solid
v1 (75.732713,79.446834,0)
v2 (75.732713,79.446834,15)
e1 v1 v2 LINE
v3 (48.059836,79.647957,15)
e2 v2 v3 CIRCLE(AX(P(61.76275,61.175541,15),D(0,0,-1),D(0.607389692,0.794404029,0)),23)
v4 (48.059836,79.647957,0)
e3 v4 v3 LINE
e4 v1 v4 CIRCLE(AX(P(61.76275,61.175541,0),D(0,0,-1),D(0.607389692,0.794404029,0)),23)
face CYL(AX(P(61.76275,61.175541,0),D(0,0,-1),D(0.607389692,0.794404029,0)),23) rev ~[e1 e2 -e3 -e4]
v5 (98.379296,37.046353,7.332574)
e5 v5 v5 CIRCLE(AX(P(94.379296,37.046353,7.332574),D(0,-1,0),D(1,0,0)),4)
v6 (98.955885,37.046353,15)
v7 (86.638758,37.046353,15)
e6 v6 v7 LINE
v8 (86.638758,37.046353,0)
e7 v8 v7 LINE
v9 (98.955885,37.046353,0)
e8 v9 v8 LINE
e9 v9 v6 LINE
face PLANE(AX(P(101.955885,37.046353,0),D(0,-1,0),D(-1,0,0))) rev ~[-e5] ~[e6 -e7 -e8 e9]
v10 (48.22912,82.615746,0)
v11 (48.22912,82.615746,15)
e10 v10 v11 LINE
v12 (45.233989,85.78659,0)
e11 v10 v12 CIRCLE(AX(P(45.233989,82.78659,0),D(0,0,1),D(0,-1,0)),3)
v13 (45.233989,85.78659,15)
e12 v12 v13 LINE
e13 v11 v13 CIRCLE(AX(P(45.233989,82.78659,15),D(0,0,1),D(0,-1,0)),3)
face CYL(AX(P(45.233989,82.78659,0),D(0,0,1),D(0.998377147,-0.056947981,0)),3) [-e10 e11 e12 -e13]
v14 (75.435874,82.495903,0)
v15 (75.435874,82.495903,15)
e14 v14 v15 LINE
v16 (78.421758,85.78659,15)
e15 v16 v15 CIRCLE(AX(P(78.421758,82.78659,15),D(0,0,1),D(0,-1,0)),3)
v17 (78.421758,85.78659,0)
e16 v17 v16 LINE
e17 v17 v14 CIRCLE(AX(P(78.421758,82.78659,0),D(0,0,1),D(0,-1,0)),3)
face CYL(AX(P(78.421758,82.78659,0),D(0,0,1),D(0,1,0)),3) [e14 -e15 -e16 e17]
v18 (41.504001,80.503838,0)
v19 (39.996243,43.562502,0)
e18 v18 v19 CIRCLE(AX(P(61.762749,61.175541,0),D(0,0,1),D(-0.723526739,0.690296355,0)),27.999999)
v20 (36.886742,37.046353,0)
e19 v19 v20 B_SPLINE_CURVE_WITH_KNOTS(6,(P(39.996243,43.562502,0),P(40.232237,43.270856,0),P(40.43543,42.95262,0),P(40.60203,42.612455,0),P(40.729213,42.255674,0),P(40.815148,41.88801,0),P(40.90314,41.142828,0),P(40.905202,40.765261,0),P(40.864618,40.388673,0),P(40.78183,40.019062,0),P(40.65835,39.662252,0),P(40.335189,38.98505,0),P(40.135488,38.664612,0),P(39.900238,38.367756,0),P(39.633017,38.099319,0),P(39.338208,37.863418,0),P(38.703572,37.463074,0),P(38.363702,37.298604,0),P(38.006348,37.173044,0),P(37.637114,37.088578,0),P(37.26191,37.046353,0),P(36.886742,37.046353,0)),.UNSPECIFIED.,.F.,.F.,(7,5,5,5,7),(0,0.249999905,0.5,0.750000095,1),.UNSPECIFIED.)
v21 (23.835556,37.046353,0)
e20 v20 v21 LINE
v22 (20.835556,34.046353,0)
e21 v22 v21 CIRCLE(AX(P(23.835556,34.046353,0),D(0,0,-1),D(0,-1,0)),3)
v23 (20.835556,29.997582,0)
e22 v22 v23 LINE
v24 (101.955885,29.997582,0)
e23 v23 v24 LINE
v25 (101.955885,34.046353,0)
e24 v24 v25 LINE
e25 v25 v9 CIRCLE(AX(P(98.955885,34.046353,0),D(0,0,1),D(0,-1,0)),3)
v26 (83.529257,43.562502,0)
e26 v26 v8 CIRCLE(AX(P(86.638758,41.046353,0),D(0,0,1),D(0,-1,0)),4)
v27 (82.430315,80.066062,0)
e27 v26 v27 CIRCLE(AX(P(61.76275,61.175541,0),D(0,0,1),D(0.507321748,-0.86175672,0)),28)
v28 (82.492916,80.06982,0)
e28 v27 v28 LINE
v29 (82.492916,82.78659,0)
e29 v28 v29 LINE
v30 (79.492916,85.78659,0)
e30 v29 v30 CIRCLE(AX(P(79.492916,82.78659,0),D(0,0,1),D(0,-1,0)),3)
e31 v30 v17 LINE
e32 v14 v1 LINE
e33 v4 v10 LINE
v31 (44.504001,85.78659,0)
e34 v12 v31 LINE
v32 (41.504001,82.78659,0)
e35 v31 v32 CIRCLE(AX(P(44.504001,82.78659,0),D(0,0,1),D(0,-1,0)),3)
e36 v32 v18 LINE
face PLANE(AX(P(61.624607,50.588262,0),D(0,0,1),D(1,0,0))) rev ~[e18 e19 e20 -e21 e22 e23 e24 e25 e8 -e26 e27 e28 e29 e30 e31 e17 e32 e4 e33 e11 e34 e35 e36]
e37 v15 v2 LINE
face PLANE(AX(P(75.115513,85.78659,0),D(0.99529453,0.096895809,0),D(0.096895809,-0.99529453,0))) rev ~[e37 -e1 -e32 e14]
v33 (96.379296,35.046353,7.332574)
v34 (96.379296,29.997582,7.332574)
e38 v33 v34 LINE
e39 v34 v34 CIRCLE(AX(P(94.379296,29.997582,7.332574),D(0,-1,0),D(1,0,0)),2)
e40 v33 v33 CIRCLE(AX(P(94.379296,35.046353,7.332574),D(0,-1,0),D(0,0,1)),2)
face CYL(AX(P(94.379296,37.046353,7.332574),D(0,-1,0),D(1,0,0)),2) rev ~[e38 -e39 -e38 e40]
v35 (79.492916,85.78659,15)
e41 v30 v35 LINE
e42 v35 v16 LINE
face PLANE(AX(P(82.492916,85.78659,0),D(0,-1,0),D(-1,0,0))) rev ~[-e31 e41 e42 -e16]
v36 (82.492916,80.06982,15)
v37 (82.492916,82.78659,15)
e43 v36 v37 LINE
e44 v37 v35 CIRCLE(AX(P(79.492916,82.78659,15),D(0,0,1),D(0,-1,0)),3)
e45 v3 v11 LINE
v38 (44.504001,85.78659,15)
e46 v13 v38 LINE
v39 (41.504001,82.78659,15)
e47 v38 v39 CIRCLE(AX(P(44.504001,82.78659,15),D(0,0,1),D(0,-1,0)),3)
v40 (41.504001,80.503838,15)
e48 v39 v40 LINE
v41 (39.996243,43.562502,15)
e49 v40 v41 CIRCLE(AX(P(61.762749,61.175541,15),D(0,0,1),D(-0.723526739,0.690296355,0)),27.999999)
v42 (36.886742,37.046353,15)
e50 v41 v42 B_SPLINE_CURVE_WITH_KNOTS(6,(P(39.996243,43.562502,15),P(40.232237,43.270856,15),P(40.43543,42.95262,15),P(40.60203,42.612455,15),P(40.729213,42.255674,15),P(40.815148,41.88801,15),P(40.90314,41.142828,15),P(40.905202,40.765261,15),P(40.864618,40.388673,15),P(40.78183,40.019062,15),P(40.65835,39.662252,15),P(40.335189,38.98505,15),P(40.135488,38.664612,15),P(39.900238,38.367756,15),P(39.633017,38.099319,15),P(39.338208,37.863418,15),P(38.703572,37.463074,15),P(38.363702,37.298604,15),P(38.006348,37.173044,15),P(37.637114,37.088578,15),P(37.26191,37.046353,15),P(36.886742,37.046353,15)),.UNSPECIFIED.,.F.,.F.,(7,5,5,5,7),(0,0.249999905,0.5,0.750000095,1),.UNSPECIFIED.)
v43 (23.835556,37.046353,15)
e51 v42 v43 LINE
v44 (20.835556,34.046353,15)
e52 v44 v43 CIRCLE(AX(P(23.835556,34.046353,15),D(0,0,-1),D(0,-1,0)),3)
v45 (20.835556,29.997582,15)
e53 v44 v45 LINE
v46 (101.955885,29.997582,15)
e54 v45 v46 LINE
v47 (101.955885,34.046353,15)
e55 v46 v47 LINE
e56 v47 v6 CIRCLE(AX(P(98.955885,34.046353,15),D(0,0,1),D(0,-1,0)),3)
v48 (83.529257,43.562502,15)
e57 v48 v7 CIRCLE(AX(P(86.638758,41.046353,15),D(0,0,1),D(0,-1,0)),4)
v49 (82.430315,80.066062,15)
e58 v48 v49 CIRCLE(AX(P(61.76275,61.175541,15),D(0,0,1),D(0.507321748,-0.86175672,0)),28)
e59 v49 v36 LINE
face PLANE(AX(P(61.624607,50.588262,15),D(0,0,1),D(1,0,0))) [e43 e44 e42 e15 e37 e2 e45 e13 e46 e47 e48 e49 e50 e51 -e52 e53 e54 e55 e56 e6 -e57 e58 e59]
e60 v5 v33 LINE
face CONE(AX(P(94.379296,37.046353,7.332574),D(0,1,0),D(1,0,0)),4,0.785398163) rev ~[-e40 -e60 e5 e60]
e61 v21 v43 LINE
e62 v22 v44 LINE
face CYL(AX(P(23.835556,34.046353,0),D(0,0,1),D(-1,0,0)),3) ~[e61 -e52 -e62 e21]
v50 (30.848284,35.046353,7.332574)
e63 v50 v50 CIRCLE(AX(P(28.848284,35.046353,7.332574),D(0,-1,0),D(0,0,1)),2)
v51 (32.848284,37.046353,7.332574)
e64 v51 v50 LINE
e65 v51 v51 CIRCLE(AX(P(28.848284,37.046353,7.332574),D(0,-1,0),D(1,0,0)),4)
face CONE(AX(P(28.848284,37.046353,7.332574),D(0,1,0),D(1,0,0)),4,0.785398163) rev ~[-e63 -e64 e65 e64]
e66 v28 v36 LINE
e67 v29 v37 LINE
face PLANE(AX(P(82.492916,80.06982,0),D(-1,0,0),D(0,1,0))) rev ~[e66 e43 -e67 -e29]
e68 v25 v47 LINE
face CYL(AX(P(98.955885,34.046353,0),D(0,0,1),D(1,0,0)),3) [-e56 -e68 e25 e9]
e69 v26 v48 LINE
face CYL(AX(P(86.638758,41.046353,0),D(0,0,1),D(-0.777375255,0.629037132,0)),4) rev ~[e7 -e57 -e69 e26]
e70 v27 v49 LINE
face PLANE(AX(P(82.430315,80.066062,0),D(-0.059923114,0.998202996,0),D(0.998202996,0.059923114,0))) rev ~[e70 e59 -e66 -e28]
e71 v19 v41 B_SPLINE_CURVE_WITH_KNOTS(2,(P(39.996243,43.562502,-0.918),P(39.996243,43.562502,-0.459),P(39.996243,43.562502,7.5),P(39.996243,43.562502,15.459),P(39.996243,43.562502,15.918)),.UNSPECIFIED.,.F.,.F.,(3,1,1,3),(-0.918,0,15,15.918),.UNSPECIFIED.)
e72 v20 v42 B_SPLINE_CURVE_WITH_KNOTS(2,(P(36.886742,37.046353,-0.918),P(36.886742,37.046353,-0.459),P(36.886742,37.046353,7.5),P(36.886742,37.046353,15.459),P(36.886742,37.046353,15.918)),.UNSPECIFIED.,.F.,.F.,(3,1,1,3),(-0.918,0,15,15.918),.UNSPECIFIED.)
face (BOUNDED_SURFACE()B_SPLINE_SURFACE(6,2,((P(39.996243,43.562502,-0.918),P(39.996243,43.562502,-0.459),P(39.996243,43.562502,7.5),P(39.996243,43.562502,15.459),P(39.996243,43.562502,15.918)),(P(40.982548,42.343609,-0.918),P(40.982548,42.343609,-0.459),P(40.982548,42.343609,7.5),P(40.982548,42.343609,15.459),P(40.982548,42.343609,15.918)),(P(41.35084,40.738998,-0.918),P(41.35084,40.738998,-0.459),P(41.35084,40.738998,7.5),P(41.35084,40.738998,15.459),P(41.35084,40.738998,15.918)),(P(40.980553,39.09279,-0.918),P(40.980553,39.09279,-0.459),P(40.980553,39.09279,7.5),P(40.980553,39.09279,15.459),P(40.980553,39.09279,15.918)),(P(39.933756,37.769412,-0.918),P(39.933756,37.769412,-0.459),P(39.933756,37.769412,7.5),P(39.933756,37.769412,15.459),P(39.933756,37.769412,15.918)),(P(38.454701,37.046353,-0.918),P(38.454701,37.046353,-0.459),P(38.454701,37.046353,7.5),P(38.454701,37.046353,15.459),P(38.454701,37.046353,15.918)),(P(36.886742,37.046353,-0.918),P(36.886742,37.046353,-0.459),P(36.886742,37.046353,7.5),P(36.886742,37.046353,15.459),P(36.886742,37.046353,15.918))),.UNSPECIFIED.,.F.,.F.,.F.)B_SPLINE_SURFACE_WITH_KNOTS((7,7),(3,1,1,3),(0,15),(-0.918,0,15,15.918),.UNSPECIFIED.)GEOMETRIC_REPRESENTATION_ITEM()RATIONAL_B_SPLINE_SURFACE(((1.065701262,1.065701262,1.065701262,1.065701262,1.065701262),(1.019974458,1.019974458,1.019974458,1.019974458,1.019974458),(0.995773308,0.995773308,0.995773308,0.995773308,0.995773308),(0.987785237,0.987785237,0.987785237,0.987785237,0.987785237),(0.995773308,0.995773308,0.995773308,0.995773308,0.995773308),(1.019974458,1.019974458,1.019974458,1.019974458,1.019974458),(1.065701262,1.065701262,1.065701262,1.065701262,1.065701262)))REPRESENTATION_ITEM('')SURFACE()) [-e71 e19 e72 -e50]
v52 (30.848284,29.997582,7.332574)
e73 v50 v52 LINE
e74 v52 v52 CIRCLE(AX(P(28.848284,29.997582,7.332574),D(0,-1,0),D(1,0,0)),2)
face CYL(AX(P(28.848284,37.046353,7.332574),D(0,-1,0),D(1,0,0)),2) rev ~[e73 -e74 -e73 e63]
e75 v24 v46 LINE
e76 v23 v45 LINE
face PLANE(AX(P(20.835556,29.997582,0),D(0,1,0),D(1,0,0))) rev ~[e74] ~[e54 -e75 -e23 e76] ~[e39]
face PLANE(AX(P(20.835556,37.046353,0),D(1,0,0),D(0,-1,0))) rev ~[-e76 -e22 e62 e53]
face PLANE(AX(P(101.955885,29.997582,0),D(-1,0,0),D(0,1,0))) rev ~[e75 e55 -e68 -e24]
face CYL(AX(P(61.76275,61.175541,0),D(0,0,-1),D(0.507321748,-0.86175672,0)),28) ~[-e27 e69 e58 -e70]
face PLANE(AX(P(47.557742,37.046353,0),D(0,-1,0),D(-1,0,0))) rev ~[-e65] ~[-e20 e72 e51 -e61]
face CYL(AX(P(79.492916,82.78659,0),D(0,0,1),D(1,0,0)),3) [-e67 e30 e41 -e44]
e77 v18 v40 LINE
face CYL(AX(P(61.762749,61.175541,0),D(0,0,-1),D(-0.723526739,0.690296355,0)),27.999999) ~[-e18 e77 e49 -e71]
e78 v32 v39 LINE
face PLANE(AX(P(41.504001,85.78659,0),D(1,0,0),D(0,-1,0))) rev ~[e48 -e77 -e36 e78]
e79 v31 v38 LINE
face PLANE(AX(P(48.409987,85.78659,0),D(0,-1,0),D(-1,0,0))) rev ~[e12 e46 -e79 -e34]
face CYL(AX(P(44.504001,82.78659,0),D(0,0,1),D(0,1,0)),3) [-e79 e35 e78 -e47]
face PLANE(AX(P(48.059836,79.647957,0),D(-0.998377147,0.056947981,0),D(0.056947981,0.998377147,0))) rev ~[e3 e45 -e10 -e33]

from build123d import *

# Parameters (mm, degrees)
F1_DEPTH       = 15
F2_R           = 3
F4_D           = 4
F4_CSINK_D     = 8
F4_CSINK_ANGLE = 90
F5_R           = 4


with BuildPart() as f1:
    # F0 (on Top) → F1 (new body)
    with BuildSketch(Plane.XY):
        with BuildLine():
            Line((20.835556, 37.046353), (20.835556, 29.997582))
            Line((20.835556, 29.997582), (101.955885, 29.997582))
            Line((101.955885, 29.997582), (101.955885, 37.046353))
            Line((101.955885, 37.046353), (75.967759, 37.046353))
            ThreePointArc((75.967759, 37.046353), (89.452061, 57.015966), (82.430315, 80.066062))
            Line((82.430315, 80.066062), (82.492916, 80.06982))
            Line((82.492916, 80.06982), (82.492916, 85.78659))
            Line((82.492916, 85.78659), (75.115513, 85.78659))
            Line((75.115513, 85.78659), (75.732713, 79.446834))
            ThreePointArc((75.732713, 79.446834), (61.595594, 38.176149), (48.059836, 79.647957))
            Line((48.059836, 79.647957), (48.409987, 85.78659))
            Line((48.409987, 85.78659), (41.504001, 85.78659))
            Line((41.504001, 85.78659), (41.504001, 80.503838))
            ThreePointArc((41.504001, 80.503838), (33.996464, 57.565367), (47.120148, 37.309369))
            ThreePointArc((47.120148, 37.309369), (47.338346, 37.176863), (47.557742, 37.046353))
            Line((47.557742, 37.046353), (20.835556, 37.046353))
        make_face()
    extrude(amount=F1_DEPTH)

    # F2
    f2_edges = [f1.edges().sort_by_distance(p)[0] for p in [
        (75.115513, 85.78659, 7.5),
        (82.492916, 85.78659, 7.5),
        (48.409987, 85.78659, 7.5),
        (41.504001, 85.78659, 7.5),
        (20.835556, 37.046353, 7.5),
        (101.955885, 37.046353, 7.5),
    ]]
    fillet(f2_edges, radius=F2_R)

    # F4 (through all)
    with Locations(Plane(origin=(0, 37.046353, 0), x_dir=(-1, 0, 0), z_dir=(0, 1, 0))):
        with Locations((-94.379296, 7.332574), (-28.848284, 7.332574)):
            CounterSinkHole(F4_D / 2, F4_CSINK_D / 2, counter_sink_angle=F4_CSINK_ANGLE)

    # F5
    f5_edges = [f1.edges().sort_by_distance(p)[0] for p in [
        (75.967759, 37.046353, 7.5),
        (47.557742, 37.046353, 7.5),
    ]]
    fillet(f5_edges, radius=F5_R)


solid = f1.part
